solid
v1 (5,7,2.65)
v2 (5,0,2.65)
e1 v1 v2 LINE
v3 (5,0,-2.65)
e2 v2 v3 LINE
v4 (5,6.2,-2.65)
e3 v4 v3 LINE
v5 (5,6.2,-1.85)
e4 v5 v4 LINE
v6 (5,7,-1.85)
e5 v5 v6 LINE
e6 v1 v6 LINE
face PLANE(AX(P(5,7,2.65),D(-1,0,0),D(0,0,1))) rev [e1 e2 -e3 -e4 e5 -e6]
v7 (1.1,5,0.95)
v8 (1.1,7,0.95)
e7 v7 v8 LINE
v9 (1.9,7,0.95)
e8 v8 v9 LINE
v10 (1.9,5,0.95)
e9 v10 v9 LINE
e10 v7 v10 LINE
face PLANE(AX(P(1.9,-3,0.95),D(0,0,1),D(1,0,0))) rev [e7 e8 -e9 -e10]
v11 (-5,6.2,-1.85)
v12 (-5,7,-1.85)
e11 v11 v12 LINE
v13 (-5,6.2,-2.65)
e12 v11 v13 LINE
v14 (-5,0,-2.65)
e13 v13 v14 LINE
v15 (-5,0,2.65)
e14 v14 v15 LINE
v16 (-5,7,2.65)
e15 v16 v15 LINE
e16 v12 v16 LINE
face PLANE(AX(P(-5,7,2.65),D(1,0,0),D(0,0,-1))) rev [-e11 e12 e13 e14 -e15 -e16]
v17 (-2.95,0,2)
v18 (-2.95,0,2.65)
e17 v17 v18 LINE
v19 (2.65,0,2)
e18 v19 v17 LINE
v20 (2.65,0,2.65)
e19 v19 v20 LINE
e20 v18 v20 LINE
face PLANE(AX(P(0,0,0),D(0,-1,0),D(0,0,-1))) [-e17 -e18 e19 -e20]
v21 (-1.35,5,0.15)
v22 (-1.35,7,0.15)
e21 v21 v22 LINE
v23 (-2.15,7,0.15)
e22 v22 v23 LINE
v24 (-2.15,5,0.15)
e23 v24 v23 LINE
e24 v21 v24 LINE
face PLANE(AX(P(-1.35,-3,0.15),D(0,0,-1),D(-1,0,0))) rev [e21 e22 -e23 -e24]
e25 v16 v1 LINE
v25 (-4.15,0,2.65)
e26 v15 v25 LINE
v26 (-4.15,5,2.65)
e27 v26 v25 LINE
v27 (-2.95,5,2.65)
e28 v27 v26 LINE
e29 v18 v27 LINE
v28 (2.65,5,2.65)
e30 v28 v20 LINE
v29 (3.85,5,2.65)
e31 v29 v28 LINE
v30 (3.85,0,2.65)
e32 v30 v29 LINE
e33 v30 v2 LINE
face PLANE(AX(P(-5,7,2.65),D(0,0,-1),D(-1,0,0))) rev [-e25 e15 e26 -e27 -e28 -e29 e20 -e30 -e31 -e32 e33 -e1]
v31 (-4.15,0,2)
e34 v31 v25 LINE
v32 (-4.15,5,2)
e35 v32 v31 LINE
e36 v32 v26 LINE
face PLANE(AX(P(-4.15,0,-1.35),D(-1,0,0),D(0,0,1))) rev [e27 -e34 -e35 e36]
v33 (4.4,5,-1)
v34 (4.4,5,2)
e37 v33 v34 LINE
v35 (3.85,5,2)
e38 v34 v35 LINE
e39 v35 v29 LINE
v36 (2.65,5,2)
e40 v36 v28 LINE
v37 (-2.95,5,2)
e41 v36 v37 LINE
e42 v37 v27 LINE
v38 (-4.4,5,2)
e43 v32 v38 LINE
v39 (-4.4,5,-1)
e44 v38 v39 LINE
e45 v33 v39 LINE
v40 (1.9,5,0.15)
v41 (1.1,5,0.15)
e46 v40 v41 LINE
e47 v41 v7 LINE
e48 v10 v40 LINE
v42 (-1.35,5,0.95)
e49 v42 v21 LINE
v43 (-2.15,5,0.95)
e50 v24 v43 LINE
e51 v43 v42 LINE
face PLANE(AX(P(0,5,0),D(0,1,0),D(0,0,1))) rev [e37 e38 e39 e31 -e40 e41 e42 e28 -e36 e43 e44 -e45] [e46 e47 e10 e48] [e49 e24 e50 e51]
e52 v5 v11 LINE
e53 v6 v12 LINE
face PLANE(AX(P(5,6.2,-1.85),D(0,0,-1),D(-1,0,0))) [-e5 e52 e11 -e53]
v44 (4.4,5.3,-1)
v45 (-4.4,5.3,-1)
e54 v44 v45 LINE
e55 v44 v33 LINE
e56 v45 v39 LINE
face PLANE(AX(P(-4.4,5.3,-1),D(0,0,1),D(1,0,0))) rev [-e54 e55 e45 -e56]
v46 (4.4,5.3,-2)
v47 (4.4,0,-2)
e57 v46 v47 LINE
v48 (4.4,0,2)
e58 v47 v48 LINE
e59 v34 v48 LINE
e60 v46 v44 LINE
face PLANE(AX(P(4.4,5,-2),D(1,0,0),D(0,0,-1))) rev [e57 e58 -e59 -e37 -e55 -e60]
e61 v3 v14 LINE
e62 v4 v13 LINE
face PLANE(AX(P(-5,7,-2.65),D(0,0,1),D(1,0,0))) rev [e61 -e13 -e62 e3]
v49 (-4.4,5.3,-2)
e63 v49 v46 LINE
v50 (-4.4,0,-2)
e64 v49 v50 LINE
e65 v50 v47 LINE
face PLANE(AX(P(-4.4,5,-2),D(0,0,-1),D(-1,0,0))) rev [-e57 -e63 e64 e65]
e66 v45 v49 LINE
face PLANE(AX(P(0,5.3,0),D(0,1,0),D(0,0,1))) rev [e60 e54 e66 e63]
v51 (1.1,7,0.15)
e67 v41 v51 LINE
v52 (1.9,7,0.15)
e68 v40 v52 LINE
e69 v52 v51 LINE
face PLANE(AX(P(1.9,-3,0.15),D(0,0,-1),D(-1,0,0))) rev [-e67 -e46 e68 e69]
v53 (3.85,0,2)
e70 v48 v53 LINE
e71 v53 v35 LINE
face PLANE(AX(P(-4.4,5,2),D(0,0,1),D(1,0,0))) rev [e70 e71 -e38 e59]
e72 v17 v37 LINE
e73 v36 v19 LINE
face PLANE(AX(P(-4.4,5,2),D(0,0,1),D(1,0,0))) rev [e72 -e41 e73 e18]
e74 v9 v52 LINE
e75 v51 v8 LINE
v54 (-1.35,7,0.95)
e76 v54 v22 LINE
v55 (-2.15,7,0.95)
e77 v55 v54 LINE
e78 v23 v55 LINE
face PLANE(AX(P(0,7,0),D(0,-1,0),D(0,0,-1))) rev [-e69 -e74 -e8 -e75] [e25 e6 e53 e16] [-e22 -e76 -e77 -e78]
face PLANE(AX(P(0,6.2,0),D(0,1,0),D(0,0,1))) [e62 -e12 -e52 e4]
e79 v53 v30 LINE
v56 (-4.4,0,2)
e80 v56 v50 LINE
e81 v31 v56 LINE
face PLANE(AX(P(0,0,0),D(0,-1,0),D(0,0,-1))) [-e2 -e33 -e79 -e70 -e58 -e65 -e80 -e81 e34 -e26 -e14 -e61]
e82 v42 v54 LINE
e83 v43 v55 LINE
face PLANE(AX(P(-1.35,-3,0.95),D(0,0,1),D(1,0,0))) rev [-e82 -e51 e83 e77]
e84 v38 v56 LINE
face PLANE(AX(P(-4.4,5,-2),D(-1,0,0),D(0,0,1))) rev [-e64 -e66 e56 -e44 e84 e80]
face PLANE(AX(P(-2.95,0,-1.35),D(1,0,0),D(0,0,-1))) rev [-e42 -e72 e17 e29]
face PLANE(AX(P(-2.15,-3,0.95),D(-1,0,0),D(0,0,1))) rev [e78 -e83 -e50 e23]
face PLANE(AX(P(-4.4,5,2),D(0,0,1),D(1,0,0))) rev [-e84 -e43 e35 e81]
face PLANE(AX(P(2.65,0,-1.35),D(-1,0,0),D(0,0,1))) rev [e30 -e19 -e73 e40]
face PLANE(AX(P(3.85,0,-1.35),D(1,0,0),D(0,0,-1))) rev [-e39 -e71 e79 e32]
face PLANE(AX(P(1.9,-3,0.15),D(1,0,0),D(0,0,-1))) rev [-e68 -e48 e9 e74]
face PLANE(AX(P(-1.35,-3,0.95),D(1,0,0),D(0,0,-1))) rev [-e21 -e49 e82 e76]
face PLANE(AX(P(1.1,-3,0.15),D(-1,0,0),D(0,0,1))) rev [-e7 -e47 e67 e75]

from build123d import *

# Parameters (mm, degrees)
SKETCH1_W           = 10
SKETCH1_H           = 5.3
BOSS_EXTRUDE1_DEPTH = 7
SKETCH3_W           = 8.8
SKETCH3_H           = 4
CUT_EXTRUDE1_DEPTH  = 5
SKETCH4_W           = 1.2
SKETCH4_H           = 5
CUT_EXTRUDE2_DEPTH  = 4
SKETCH5_W           = 10
SKETCH5_H           = 0.8
CUT_EXTRUDE3_DEPTH  = 0.8
SKETCH6_W           = 0.8
SKETCH6_H           = 0.8
CUT_EXTRUDE4_DEPTH  = 10
SKETCH7_W           = 8.8
SKETCH7_H           = 1
CUT_EXTRUDE5_DEPTH  = 0.3


with BuildPart() as part:
    # Sketch1 → Boss-Extrude1 (new body)
    with BuildSketch(Plane(origin=(0, 0, 0), x_dir=(1, 0, 0), z_dir=(0, 1, 0))):
        Rectangle(SKETCH1_W, SKETCH1_H)
    extrude(amount=BOSS_EXTRUDE1_DEPTH)

    # Sketch3 → Cut-Extrude1 (cut)
    with BuildSketch(Plane.XZ):
        Rectangle(SKETCH3_W, SKETCH3_H)
    extrude(amount=-CUT_EXTRUDE1_DEPTH, mode=Mode.SUBTRACT)

    # Sketch4 → Cut-Extrude2 (cut)
    with BuildSketch(Plane.XY.offset(2.65)):
        with Locations((-3.55, 2.5)):
            Rectangle(SKETCH4_W, SKETCH4_H)
        with Locations((3.25, 2.5)):
            Rectangle(SKETCH4_W, SKETCH4_H)
    extrude(amount=-CUT_EXTRUDE2_DEPTH, mode=Mode.SUBTRACT)

    # Sketch5 → Cut-Extrude3 (cut)
    with BuildSketch(Plane(origin=(0, 7, 0), x_dir=(1, 0, 0), z_dir=(0, 1, 0))):
        with Locations((0, 2.25)):
            Rectangle(SKETCH5_W, SKETCH5_H)
    extrude(amount=-CUT_EXTRUDE3_DEPTH, mode=Mode.SUBTRACT)

    # Sketch6 → Cut-Extrude4 (cut)
    with BuildSketch(Plane(origin=(0, 7, 0), x_dir=(1, 0, 0), z_dir=(0, 1, 0))):
        with Locations((1.5, -0.55)):
            Rectangle(SKETCH6_W, SKETCH6_H)
        with Locations((-1.75, -0.55)):
            Rectangle(SKETCH6_W, SKETCH6_H)
    extrude(amount=-CUT_EXTRUDE4_DEPTH, mode=Mode.SUBTRACT)

    # Sketch7 → Cut-Extrude5 (cut)
    with BuildSketch(Plane.XZ.offset(-5)):
        with Locations((0, -1.5)):
            Rectangle(SKETCH7_W, SKETCH7_H)
    extrude(amount=-CUT_EXTRUDE5_DEPTH, mode=Mode.SUBTRACT)


solid = part.part
